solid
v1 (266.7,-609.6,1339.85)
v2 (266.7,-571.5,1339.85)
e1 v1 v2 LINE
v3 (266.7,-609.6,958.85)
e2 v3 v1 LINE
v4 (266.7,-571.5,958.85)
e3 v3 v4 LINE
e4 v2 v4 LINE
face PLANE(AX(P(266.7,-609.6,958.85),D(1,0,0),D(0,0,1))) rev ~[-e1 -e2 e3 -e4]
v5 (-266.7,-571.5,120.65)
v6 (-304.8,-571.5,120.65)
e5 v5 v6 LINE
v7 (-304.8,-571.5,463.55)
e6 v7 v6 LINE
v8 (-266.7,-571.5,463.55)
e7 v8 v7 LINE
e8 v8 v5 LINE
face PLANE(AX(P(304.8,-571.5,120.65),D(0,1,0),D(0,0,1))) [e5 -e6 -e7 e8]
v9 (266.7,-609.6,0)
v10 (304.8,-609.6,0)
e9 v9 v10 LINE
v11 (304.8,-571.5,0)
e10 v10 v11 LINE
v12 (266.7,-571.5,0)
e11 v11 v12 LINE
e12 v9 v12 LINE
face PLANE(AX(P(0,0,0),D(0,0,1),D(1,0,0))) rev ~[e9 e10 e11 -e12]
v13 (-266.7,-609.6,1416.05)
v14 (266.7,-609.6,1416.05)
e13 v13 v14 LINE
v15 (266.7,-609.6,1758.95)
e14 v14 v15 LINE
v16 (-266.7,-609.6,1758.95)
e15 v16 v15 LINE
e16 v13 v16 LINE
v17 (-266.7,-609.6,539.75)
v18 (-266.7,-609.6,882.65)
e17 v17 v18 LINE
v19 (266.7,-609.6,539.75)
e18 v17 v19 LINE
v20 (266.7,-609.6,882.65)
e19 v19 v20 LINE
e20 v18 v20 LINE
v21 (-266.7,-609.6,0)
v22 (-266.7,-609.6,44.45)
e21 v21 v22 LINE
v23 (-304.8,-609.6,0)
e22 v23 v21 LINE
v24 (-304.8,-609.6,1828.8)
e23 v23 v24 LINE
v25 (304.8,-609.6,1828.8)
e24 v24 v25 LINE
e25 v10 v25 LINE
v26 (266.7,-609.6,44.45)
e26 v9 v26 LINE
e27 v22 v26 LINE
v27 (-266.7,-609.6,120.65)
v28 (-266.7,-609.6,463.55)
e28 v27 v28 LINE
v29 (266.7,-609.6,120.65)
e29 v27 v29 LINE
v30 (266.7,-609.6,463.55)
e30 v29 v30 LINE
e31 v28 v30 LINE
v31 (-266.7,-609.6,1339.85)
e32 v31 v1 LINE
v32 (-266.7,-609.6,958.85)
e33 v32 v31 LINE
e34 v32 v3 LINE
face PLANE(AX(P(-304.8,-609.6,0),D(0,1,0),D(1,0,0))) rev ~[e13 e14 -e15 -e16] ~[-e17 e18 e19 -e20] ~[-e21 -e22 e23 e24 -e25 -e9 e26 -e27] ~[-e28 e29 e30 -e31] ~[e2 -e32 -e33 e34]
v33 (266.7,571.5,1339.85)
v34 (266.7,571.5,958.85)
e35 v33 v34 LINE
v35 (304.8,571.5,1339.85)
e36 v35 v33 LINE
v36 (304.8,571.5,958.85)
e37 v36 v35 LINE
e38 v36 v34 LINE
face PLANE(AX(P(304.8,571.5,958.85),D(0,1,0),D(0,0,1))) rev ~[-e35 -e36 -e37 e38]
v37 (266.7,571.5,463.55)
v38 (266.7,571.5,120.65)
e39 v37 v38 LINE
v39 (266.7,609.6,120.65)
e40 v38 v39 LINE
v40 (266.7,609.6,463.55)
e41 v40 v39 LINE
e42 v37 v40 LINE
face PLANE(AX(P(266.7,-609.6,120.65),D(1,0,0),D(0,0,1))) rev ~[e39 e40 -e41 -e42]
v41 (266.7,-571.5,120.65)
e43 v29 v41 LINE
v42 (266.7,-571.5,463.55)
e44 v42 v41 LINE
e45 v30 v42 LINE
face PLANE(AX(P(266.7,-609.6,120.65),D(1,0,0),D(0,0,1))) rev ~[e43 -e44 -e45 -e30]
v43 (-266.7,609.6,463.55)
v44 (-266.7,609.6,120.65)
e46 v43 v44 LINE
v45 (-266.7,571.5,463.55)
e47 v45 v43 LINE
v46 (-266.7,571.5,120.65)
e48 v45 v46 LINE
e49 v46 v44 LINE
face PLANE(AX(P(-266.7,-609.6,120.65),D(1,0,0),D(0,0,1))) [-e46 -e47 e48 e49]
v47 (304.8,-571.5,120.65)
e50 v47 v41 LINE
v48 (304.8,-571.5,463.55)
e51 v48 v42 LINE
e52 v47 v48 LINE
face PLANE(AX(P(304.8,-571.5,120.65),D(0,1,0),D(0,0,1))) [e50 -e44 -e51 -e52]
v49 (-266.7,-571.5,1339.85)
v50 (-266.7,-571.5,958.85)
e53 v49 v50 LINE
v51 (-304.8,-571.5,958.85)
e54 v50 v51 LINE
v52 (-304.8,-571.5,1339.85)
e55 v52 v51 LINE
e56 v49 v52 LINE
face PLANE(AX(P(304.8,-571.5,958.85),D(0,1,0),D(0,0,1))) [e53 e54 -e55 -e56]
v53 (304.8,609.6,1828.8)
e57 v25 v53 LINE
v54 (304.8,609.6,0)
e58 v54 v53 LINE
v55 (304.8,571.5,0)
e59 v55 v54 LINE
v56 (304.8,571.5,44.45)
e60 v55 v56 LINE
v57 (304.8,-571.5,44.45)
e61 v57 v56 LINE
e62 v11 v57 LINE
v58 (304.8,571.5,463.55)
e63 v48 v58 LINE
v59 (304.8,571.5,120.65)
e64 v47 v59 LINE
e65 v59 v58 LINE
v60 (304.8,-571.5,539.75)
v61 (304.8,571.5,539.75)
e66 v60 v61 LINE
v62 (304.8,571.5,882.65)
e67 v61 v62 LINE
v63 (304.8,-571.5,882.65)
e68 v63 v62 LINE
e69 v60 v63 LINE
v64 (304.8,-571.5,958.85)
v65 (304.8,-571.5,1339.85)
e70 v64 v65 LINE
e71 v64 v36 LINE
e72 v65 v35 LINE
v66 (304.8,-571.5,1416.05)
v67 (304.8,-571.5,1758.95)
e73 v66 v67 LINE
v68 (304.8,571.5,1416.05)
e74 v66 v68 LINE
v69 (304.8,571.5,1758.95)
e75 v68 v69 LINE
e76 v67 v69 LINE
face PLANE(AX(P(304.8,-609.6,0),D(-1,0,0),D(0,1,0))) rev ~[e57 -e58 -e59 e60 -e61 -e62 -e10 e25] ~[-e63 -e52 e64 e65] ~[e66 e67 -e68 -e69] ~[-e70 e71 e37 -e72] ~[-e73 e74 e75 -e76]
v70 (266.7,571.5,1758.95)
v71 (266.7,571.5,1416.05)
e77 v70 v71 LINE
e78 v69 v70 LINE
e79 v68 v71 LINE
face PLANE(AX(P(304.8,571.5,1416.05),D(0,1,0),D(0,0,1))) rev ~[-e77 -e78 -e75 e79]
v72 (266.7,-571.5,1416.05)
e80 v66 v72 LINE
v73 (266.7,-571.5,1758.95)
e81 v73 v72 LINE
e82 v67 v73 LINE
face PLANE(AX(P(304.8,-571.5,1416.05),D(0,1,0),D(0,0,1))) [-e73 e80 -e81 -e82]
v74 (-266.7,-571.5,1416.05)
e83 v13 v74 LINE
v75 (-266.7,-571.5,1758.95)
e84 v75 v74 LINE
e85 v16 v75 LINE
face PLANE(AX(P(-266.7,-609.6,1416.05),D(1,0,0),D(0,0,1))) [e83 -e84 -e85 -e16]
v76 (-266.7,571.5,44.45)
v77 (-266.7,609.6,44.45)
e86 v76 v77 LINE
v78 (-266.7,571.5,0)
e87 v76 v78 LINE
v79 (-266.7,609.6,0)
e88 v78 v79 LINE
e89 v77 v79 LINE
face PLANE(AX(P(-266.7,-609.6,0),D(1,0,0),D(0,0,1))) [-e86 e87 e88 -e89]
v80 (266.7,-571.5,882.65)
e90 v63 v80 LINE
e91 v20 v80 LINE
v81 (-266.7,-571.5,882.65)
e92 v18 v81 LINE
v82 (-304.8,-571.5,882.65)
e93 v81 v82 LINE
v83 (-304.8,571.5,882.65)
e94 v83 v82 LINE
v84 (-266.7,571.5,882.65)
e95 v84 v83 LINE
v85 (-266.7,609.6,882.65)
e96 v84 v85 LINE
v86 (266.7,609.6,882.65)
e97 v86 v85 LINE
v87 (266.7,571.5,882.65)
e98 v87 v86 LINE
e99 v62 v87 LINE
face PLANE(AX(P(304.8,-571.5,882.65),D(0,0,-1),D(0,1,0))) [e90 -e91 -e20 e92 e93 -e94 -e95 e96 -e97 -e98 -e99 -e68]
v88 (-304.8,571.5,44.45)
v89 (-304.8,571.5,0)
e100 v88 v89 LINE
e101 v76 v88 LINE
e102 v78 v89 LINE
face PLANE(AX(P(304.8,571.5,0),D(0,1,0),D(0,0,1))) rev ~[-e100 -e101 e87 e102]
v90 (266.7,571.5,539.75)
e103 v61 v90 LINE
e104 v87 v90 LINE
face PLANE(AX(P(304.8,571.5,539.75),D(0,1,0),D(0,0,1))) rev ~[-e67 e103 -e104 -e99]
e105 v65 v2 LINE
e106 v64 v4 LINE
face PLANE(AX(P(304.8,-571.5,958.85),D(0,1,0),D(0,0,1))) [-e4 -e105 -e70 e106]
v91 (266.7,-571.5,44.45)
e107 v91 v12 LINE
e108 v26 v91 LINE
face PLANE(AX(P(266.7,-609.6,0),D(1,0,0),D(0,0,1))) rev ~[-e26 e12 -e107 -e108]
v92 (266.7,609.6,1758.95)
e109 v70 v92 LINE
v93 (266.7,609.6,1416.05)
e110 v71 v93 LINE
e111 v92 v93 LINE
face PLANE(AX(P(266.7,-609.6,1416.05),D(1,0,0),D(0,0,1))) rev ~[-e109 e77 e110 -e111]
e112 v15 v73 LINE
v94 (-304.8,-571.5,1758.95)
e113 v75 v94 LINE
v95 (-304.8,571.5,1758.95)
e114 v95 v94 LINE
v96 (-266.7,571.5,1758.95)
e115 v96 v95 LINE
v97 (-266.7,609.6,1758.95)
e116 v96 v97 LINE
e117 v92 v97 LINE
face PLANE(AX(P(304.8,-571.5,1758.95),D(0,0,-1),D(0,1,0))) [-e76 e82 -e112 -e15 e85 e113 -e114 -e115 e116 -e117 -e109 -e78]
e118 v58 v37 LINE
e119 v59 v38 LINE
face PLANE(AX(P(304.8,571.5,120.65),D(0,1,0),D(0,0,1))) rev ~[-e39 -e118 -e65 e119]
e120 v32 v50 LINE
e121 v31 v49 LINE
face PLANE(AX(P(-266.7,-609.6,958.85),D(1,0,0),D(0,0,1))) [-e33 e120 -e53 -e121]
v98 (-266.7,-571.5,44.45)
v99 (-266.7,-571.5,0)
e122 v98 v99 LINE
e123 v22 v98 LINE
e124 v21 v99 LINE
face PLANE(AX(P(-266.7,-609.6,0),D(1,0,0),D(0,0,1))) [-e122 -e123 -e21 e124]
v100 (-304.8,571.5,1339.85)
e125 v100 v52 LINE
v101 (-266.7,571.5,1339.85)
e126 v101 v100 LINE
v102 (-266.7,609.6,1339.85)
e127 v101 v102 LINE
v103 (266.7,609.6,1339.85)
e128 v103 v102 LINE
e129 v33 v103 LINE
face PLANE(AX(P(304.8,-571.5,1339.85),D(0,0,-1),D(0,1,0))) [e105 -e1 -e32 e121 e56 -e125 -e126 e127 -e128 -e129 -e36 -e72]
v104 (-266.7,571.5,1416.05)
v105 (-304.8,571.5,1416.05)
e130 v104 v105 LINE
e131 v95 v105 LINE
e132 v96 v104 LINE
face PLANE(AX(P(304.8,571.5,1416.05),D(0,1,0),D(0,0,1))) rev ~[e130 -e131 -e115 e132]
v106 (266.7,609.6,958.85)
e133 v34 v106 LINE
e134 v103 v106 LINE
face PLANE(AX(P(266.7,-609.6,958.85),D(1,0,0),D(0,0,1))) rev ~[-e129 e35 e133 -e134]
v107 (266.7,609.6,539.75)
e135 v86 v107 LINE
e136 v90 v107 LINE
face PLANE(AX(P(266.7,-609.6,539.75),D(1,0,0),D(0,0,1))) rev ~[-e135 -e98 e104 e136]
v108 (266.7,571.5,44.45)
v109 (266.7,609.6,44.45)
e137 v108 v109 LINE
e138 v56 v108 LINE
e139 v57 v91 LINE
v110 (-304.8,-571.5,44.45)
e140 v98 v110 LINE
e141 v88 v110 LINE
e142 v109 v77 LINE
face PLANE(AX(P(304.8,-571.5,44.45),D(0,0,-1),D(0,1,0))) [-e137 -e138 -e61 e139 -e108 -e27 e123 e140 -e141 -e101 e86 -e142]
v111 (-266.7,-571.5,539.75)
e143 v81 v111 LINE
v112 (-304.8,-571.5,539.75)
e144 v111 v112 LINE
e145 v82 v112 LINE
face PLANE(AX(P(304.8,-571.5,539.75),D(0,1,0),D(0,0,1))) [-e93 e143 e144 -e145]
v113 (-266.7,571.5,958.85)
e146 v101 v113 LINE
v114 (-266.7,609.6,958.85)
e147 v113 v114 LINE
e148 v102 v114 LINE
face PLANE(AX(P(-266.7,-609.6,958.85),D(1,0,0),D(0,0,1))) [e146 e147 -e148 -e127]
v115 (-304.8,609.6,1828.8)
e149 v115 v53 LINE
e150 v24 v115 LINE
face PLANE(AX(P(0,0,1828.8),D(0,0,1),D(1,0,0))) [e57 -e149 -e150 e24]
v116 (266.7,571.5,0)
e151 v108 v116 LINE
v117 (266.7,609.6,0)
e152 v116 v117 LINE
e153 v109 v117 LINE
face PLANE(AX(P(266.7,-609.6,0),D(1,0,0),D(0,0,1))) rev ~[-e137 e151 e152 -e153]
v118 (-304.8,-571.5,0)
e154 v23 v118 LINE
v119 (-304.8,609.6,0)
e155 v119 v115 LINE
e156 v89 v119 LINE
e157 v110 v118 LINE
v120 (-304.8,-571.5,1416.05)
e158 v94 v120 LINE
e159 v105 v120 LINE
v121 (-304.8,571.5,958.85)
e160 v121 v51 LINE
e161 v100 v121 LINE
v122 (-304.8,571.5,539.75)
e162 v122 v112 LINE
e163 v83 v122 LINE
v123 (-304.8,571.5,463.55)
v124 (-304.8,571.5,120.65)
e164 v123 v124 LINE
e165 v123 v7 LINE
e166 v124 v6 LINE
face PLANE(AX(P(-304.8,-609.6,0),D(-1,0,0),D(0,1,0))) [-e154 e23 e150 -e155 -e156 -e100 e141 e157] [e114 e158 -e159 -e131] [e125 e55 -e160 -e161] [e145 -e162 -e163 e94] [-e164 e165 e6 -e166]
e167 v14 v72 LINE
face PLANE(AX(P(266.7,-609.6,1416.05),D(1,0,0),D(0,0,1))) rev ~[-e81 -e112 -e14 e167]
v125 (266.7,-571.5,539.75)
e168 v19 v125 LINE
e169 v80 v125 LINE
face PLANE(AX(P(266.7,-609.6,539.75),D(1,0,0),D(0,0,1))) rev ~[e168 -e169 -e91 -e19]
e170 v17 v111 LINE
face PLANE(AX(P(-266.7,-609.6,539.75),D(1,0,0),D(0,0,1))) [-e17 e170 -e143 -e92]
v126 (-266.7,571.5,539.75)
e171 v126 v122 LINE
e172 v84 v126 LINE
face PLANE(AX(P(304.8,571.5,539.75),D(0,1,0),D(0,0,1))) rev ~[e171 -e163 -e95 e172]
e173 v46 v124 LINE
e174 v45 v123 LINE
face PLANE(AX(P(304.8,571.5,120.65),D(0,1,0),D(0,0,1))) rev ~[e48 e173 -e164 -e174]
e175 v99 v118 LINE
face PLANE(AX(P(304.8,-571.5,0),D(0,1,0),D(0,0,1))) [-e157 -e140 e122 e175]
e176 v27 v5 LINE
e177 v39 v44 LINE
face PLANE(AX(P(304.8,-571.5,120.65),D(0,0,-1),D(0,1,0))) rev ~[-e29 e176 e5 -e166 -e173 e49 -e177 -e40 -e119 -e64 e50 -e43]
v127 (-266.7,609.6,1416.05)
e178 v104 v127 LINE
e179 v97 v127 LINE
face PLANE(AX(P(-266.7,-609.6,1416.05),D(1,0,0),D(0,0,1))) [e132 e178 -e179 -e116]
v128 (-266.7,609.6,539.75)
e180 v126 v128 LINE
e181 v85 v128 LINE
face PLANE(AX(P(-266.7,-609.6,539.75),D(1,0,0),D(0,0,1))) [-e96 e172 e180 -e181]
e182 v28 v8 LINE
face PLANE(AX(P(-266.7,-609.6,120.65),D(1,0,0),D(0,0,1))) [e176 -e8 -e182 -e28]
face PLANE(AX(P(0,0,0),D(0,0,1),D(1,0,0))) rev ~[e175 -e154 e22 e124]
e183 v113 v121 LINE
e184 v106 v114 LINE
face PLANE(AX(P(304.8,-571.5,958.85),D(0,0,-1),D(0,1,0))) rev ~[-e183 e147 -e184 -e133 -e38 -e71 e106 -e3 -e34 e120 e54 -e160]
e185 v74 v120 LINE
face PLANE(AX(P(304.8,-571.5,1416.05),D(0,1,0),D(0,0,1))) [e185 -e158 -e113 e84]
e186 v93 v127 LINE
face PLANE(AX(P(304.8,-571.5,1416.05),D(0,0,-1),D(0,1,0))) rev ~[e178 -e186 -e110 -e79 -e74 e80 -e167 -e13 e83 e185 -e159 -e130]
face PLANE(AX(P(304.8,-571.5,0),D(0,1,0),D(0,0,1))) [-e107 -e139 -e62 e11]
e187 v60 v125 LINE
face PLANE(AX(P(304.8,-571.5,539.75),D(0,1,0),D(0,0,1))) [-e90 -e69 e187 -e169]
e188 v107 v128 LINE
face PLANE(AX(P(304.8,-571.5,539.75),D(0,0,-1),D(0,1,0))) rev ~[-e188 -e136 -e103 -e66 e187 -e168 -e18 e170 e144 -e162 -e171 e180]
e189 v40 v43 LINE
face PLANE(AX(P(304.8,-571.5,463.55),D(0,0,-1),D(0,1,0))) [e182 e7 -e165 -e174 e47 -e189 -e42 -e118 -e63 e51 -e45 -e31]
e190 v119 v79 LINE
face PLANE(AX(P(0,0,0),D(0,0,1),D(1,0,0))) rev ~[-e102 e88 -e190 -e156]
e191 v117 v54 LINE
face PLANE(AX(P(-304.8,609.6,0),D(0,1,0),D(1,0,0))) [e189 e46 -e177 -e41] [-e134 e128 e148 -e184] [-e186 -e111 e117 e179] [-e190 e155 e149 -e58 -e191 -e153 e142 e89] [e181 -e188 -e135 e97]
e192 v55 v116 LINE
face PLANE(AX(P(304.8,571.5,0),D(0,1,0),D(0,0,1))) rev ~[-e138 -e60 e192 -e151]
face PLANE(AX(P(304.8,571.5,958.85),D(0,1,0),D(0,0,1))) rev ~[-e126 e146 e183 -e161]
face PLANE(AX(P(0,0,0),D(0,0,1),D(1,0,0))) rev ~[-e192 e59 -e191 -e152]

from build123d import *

# Parameters (mm, degrees)
F0_W     = 609.6
F0_H     = 1219.2
F1_DEPTH = 1828.8
F2_W     = 1143
F2_H     = 44.45
F2_H_2   = 342.9
F2_H_3   = 381
F3_DEPTH = 2656.84
F4_W     = 533.4
F4_H     = 44.45
F4_H_2   = 342.9
F4_H_3   = 381
F5_DEPTH = 1470.66


with BuildPart() as f1:
    # F0 (on Top) → F1 (new body)
    with BuildSketch(Plane.XY):
        Rectangle(F0_W, F0_H)
    extrude(amount=F1_DEPTH)

    # F2 (on face) → F3 (cut)
    with BuildSketch(Plane.YZ.offset(304.8)):
        with Locations((0, 22.225)):
            Rectangle(F2_W, F2_H)
        with Locations((0, 292.1)):
            Rectangle(F2_W, F2_H_2)
        with Locations((0, 711.2)):
            Rectangle(F2_W, F2_H_2)
        with Locations((0, 1149.35)):
            Rectangle(F2_W, F2_H_3)
        with Locations((0, 1587.5)):
            Rectangle(F2_W, F2_H_2)
    extrude(amount=-F3_DEPTH, mode=Mode.SUBTRACT)

    # F4 (on face) → F5 (cut)
    with BuildSketch(Plane.XZ.offset(609.6)):
        with Locations((0, 22.225)):
            Rectangle(F4_W, F4_H)
        with Locations((0, 711.2)):
            Rectangle(F4_W, F4_H_2)
        with Locations((0, 292.1)):
            Rectangle(F4_W, F4_H_2)
        with Locations((0, 1149.35)):
            Rectangle(F4_W, F4_H_3)
        with Locations((0, 1587.5)):
            Rectangle(F4_W, F4_H_2)
    extrude(amount=-F5_DEPTH, mode=Mode.SUBTRACT)


solid = f1.part
